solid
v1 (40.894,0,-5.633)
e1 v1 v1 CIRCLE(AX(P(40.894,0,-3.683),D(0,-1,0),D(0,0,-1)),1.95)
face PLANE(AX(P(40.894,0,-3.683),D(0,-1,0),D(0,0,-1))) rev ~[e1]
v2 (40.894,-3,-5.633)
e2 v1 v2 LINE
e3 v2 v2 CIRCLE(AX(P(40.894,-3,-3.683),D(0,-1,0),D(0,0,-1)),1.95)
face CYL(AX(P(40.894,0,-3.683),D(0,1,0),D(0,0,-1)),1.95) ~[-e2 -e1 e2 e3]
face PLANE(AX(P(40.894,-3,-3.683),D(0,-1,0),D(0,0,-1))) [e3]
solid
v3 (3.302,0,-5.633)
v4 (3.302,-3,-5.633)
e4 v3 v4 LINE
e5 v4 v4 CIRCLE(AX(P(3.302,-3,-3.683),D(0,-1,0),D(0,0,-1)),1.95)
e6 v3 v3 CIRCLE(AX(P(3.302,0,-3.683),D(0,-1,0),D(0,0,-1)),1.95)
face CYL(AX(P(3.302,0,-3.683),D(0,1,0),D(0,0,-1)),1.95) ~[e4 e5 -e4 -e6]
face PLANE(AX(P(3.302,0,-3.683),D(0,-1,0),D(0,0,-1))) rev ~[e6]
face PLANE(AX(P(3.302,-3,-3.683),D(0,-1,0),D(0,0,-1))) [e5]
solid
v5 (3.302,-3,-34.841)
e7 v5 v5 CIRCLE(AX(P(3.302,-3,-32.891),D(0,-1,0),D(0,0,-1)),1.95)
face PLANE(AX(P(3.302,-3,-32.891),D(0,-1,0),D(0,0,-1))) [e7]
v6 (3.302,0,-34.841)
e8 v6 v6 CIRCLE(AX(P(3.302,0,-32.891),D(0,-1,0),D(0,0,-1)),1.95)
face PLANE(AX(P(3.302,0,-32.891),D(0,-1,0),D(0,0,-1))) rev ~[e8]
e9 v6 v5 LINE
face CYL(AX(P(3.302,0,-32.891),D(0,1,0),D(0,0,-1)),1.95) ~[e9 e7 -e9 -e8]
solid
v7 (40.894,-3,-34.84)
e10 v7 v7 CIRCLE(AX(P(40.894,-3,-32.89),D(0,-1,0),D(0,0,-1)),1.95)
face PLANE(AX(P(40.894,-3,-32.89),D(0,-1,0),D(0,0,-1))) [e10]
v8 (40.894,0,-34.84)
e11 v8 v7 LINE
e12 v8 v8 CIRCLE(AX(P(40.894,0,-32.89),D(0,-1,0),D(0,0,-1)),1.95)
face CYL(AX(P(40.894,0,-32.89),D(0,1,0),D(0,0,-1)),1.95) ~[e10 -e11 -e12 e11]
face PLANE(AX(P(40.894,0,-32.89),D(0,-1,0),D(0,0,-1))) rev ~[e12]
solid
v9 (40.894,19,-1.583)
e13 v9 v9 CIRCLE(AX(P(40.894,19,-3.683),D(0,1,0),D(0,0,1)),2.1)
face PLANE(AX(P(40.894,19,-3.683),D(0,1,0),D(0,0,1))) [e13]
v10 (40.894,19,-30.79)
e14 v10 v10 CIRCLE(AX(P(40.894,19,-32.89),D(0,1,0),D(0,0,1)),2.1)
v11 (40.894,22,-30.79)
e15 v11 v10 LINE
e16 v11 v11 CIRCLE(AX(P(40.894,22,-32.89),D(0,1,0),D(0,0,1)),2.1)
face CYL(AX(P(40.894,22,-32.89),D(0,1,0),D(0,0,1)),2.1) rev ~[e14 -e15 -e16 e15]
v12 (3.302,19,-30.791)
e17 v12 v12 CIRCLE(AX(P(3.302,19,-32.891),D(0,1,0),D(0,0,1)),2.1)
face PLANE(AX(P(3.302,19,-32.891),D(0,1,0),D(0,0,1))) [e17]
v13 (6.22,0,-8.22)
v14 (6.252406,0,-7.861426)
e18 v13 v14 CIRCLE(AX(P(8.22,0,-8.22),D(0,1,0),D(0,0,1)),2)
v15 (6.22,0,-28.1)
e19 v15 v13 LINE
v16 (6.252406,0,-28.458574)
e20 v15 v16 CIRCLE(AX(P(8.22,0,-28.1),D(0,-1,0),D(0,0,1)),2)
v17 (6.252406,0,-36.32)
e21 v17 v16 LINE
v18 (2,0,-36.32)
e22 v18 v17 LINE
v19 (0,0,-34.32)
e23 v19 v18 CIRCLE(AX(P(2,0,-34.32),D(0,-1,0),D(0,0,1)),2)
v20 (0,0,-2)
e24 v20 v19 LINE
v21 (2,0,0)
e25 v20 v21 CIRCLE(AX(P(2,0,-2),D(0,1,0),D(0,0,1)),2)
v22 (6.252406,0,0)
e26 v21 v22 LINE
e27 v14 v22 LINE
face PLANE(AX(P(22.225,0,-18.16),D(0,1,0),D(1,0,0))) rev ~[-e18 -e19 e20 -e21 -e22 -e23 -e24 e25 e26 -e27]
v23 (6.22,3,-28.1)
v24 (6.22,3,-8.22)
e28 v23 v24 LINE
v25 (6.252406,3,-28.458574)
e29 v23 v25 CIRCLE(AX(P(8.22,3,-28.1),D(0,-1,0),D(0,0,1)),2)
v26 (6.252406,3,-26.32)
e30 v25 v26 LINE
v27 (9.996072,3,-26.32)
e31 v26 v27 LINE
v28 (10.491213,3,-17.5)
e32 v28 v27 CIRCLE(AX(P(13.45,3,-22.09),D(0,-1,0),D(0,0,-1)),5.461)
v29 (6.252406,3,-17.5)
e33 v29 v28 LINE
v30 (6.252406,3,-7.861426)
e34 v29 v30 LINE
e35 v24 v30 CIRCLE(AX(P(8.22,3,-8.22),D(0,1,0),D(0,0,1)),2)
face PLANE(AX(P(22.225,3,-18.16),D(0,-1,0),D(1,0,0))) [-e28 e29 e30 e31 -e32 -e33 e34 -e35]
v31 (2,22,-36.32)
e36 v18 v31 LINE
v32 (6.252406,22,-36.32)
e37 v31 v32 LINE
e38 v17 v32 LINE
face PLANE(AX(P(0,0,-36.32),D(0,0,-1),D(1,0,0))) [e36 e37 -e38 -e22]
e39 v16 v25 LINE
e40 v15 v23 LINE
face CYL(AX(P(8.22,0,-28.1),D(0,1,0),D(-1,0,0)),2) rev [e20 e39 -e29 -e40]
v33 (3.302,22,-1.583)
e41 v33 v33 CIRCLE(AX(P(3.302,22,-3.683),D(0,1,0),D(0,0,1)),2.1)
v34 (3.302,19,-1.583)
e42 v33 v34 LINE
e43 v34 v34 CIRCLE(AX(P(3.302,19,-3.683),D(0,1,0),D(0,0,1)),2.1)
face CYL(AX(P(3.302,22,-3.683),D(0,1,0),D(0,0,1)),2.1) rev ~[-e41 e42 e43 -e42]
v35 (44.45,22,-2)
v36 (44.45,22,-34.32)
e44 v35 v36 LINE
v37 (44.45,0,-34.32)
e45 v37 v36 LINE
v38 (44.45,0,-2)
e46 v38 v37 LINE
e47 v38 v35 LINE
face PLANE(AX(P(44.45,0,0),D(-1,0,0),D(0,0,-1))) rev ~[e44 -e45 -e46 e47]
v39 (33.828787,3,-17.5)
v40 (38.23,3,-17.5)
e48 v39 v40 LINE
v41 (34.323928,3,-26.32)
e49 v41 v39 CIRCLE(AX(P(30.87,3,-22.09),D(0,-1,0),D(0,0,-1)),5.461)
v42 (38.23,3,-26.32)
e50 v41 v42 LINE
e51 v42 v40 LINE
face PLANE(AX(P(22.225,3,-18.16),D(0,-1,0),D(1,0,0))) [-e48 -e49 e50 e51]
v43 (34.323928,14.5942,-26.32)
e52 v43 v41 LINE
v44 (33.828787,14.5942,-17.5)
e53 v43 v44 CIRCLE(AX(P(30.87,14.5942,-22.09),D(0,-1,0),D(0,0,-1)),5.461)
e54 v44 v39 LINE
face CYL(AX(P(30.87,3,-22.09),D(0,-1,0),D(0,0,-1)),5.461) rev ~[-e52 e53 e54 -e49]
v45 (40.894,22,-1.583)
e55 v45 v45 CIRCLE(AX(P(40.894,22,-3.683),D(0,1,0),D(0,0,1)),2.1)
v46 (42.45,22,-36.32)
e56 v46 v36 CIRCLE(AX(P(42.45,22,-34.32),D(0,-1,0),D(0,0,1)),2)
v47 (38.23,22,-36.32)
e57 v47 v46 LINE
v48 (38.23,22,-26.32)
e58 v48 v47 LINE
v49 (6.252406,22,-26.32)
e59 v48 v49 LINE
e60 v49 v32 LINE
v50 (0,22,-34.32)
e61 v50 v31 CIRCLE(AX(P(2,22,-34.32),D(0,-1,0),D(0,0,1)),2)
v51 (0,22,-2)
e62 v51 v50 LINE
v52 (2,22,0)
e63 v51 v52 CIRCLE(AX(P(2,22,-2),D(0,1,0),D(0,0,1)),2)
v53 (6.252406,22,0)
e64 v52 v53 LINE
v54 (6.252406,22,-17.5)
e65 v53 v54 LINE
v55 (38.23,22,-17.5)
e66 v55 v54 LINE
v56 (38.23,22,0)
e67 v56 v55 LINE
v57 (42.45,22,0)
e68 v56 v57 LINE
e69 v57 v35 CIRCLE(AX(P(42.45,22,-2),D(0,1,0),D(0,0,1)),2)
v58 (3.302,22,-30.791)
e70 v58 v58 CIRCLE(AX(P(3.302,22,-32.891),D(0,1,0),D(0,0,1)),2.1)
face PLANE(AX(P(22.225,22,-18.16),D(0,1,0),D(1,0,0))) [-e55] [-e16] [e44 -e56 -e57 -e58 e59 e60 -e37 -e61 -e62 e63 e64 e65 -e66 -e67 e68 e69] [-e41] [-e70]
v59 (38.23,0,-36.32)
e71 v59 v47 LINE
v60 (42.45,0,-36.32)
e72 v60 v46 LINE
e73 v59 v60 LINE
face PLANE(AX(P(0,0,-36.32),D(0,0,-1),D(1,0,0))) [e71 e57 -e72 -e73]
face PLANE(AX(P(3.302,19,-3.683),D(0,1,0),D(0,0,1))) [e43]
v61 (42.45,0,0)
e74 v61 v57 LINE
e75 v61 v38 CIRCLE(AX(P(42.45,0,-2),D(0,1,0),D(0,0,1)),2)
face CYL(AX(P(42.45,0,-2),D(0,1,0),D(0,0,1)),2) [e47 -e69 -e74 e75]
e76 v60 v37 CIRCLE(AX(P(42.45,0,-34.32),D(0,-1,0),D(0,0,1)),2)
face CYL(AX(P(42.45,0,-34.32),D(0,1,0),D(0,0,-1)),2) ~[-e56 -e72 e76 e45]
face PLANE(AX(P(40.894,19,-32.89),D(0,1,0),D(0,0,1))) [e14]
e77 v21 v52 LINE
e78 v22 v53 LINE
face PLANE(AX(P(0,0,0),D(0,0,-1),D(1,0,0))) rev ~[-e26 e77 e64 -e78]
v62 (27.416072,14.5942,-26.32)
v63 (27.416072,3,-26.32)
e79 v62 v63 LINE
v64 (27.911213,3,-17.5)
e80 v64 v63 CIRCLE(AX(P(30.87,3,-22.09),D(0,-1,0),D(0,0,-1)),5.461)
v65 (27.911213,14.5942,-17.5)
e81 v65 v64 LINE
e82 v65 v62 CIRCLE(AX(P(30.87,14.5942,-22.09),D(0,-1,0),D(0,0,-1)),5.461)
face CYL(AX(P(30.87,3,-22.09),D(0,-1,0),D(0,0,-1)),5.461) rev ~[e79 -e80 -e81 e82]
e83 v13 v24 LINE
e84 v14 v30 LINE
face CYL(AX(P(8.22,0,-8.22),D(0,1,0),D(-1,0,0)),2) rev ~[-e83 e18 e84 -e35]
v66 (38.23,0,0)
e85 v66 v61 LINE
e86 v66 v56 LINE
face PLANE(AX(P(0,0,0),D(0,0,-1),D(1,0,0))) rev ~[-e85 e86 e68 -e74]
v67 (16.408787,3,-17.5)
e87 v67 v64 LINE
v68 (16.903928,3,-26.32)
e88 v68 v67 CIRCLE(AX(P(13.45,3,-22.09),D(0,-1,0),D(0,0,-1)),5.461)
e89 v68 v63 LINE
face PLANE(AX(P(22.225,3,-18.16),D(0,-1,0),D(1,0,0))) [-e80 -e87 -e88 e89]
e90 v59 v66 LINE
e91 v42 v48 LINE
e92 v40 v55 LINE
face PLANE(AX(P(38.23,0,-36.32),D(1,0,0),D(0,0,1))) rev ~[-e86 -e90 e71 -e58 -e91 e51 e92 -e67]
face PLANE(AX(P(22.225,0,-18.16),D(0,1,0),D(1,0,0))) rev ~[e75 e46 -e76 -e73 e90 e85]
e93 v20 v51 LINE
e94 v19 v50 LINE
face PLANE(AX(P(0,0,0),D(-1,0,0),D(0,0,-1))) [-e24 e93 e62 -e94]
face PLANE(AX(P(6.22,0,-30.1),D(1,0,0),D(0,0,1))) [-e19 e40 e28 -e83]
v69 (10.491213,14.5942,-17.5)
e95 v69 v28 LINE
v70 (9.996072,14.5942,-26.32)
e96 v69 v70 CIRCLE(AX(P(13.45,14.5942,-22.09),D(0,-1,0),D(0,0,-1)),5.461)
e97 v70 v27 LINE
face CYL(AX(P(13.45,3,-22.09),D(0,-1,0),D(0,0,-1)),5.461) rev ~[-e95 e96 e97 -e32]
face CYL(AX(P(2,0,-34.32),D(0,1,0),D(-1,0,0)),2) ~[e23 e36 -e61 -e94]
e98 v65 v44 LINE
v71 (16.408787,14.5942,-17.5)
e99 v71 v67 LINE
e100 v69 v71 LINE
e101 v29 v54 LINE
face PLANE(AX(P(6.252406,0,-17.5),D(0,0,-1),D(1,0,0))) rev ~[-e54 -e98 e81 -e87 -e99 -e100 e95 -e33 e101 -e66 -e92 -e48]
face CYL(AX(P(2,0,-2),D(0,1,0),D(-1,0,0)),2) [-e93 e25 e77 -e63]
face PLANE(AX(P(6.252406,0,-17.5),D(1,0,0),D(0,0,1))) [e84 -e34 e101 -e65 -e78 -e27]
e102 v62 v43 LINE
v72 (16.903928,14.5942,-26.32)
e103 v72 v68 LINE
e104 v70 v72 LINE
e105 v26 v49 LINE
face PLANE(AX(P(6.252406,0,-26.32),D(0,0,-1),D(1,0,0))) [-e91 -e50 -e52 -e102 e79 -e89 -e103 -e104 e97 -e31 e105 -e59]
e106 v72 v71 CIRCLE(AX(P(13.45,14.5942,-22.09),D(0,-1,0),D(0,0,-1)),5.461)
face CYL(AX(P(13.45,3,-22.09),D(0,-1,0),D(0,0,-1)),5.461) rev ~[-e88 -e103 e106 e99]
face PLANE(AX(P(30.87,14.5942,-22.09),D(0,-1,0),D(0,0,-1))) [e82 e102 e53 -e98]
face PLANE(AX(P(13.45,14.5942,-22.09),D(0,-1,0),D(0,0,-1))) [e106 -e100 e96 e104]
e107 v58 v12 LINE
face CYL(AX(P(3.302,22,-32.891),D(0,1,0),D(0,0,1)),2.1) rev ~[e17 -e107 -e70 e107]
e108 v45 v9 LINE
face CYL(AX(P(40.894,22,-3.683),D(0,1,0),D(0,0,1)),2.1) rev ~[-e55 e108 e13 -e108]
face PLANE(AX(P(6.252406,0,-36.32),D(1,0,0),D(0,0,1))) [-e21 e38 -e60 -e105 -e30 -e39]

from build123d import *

# Parameters (mm, degrees)
SKETCH_1_W          = 44.45
SKETCH_1_H          = 36.32
EXTRUDE_1_DEPTH     = 22
SKETCH_2_R          = 2.1
SKETCH_2_R_2        = 1
CUT_EXTRUDE_1_DEPTH = 3
FILLET_2_R          = 2
SKETCH_5_W          = 32.01
SKETCH_5_H          = 23.88
CUT_EXTRUDE_2_DEPTH = 3
FILLET_3_R          = 2
SKETCH_6_R          = 5.461
CUT_EXTRUDE_3_DEPTH = 11.5942
SKETCH_7_R          = 1.95
EXTRUDE_2_DEPTH     = 3
EXTRUDE_2_2_DEPTH   = 3
EXTRUDE_2_3_DEPTH   = 3
EXTRUDE_2_4_DEPTH   = 3
SKETCH_8_W          = 31.977593618
SKETCH_8_H          = 17.5
SKETCH_8_H_2        = 10
CUT_EXTRUDE_4_DEPTH = 62.473123396


with BuildPart() as part:
    # Эскиз1 → Бобышка-Вытянуть1 (new body)
    with BuildSketch(Plane(origin=(0, 0, 0), x_dir=(1, 0, 0), z_dir=(0, 1, 0))):
        with Locations((22.225, 18.16)):
            Rectangle(SKETCH_1_W, SKETCH_1_H)
    extrude(amount=EXTRUDE_1_DEPTH)

    # Эскиз2 → Вырез-Вытянуть1 (cut)
    with BuildSketch(Plane(origin=(0, 22, 0), x_dir=(1, 0, 0), z_dir=(0, 1, 0))):
        with Locations(Location((3.302, 32.891, 0), (0, 0, 270))):
            Circle(SKETCH_2_R)
        with Locations(Location((40.894, 32.89, 0), (0, 0, 270))):
            Circle(SKETCH_2_R)
        with Locations(Location((40.894, 3.683, 0), (0, 0, 270))):
            Circle(SKETCH_2_R)
        with Locations(Location((3.302, 3.683, 0), (0, 0, 270))):
            Circle(SKETCH_2_R)
        with Locations((22.225, 36.32)):
            Circle(SKETCH_2_R_2)
    extrude(amount=-CUT_EXTRUDE_1_DEPTH, mode=Mode.SUBTRACT)

    # Скругление2
    fillet_2_edges = [part.edges().sort_by_distance(p)[0] for p in [
        (0, 11, -36.32),
        (44.45, 11, -36.32),
        (44.45, 11, 0),
        (0, 11, 0),
    ]]
    fillet(fillet_2_edges, radius=FILLET_2_R)

    # Эскиз5 → Вырез-Вытянуть2 (cut)
    with BuildSketch(Plane.XZ):
        with Locations((22.225, -18.16)):
            Rectangle(SKETCH_5_W, SKETCH_5_H)
    extrude(amount=-CUT_EXTRUDE_2_DEPTH, mode=Mode.SUBTRACT)

    # Скругление3
    fillet_3_edges = [part.edges().sort_by_distance(p)[0] for p in [
        (6.22, 1.5, -30.1),
        (6.22, 1.5, -6.22),
        (38.23, 1.5, -6.22),
        (38.23, 1.5, -30.1),
    ]]
    fillet(fillet_3_edges, radius=FILLET_3_R)

    # Эскиз6 → Вырез-Вытянуть3 (cut)
    with BuildSketch(Plane.XZ.offset(-3)):
        with Locations(Location((30.87, -22.09, 0), (0, 0, 270))):
            Circle(SKETCH_6_R)
        with Locations(Location((13.45, -22.09, 0), (0, 0, 270))):
            Circle(SKETCH_6_R)
    extrude(amount=-CUT_EXTRUDE_3_DEPTH, mode=Mode.SUBTRACT)

    # Эскиз8 → Вырез-Вытянуть4 (cut, through all)
    with BuildSketch(Plane.XZ):
        with Locations((22.241203191, -8.75)):
            Rectangle(SKETCH_8_W, SKETCH_8_H)
        with Locations((22.241203191, -31.32)):
            Rectangle(SKETCH_8_W, SKETCH_8_H_2)
    extrude(amount=-CUT_EXTRUDE_4_DEPTH, mode=Mode.SUBTRACT)


with BuildPart() as body_2:
    # Эскиз7 → Бобышка-Вытянуть2 (new body)
    with BuildSketch(Plane.XZ):
        with Locations(Location((3.302, -3.683, 0), (0, 0, 270))):
            Circle(SKETCH_7_R)
    extrude(amount=EXTRUDE_2_DEPTH)


with BuildPart() as body_3:
    # Эскиз7 → Extrude 2 2 (new body)
    with BuildSketch(Plane.XZ):
        with Locations(Location((3.302, -32.891, 0), (0, 0, 270))):
            Circle(SKETCH_7_R)
    extrude(amount=EXTRUDE_2_2_DEPTH)


with BuildPart() as body_4:
    # Эскиз7 → Extrude 2 3 (new body)
    with BuildSketch(Plane.XZ):
        with Locations(Location((40.894, -32.89, 0), (0, 0, 270))):
            Circle(SKETCH_7_R)
    extrude(amount=EXTRUDE_2_3_DEPTH)


with BuildPart() as body_5:
    # Эскиз7 → Extrude 2 4 (new body)
    with BuildSketch(Plane.XZ):
        with Locations(Location((40.894, -3.683, 0), (0, 0, 270))):
            Circle(SKETCH_7_R)
    extrude(amount=EXTRUDE_2_4_DEPTH)


solid = Compound([part.part, body_2.part, body_3.part, body_4.part, body_5.part])
